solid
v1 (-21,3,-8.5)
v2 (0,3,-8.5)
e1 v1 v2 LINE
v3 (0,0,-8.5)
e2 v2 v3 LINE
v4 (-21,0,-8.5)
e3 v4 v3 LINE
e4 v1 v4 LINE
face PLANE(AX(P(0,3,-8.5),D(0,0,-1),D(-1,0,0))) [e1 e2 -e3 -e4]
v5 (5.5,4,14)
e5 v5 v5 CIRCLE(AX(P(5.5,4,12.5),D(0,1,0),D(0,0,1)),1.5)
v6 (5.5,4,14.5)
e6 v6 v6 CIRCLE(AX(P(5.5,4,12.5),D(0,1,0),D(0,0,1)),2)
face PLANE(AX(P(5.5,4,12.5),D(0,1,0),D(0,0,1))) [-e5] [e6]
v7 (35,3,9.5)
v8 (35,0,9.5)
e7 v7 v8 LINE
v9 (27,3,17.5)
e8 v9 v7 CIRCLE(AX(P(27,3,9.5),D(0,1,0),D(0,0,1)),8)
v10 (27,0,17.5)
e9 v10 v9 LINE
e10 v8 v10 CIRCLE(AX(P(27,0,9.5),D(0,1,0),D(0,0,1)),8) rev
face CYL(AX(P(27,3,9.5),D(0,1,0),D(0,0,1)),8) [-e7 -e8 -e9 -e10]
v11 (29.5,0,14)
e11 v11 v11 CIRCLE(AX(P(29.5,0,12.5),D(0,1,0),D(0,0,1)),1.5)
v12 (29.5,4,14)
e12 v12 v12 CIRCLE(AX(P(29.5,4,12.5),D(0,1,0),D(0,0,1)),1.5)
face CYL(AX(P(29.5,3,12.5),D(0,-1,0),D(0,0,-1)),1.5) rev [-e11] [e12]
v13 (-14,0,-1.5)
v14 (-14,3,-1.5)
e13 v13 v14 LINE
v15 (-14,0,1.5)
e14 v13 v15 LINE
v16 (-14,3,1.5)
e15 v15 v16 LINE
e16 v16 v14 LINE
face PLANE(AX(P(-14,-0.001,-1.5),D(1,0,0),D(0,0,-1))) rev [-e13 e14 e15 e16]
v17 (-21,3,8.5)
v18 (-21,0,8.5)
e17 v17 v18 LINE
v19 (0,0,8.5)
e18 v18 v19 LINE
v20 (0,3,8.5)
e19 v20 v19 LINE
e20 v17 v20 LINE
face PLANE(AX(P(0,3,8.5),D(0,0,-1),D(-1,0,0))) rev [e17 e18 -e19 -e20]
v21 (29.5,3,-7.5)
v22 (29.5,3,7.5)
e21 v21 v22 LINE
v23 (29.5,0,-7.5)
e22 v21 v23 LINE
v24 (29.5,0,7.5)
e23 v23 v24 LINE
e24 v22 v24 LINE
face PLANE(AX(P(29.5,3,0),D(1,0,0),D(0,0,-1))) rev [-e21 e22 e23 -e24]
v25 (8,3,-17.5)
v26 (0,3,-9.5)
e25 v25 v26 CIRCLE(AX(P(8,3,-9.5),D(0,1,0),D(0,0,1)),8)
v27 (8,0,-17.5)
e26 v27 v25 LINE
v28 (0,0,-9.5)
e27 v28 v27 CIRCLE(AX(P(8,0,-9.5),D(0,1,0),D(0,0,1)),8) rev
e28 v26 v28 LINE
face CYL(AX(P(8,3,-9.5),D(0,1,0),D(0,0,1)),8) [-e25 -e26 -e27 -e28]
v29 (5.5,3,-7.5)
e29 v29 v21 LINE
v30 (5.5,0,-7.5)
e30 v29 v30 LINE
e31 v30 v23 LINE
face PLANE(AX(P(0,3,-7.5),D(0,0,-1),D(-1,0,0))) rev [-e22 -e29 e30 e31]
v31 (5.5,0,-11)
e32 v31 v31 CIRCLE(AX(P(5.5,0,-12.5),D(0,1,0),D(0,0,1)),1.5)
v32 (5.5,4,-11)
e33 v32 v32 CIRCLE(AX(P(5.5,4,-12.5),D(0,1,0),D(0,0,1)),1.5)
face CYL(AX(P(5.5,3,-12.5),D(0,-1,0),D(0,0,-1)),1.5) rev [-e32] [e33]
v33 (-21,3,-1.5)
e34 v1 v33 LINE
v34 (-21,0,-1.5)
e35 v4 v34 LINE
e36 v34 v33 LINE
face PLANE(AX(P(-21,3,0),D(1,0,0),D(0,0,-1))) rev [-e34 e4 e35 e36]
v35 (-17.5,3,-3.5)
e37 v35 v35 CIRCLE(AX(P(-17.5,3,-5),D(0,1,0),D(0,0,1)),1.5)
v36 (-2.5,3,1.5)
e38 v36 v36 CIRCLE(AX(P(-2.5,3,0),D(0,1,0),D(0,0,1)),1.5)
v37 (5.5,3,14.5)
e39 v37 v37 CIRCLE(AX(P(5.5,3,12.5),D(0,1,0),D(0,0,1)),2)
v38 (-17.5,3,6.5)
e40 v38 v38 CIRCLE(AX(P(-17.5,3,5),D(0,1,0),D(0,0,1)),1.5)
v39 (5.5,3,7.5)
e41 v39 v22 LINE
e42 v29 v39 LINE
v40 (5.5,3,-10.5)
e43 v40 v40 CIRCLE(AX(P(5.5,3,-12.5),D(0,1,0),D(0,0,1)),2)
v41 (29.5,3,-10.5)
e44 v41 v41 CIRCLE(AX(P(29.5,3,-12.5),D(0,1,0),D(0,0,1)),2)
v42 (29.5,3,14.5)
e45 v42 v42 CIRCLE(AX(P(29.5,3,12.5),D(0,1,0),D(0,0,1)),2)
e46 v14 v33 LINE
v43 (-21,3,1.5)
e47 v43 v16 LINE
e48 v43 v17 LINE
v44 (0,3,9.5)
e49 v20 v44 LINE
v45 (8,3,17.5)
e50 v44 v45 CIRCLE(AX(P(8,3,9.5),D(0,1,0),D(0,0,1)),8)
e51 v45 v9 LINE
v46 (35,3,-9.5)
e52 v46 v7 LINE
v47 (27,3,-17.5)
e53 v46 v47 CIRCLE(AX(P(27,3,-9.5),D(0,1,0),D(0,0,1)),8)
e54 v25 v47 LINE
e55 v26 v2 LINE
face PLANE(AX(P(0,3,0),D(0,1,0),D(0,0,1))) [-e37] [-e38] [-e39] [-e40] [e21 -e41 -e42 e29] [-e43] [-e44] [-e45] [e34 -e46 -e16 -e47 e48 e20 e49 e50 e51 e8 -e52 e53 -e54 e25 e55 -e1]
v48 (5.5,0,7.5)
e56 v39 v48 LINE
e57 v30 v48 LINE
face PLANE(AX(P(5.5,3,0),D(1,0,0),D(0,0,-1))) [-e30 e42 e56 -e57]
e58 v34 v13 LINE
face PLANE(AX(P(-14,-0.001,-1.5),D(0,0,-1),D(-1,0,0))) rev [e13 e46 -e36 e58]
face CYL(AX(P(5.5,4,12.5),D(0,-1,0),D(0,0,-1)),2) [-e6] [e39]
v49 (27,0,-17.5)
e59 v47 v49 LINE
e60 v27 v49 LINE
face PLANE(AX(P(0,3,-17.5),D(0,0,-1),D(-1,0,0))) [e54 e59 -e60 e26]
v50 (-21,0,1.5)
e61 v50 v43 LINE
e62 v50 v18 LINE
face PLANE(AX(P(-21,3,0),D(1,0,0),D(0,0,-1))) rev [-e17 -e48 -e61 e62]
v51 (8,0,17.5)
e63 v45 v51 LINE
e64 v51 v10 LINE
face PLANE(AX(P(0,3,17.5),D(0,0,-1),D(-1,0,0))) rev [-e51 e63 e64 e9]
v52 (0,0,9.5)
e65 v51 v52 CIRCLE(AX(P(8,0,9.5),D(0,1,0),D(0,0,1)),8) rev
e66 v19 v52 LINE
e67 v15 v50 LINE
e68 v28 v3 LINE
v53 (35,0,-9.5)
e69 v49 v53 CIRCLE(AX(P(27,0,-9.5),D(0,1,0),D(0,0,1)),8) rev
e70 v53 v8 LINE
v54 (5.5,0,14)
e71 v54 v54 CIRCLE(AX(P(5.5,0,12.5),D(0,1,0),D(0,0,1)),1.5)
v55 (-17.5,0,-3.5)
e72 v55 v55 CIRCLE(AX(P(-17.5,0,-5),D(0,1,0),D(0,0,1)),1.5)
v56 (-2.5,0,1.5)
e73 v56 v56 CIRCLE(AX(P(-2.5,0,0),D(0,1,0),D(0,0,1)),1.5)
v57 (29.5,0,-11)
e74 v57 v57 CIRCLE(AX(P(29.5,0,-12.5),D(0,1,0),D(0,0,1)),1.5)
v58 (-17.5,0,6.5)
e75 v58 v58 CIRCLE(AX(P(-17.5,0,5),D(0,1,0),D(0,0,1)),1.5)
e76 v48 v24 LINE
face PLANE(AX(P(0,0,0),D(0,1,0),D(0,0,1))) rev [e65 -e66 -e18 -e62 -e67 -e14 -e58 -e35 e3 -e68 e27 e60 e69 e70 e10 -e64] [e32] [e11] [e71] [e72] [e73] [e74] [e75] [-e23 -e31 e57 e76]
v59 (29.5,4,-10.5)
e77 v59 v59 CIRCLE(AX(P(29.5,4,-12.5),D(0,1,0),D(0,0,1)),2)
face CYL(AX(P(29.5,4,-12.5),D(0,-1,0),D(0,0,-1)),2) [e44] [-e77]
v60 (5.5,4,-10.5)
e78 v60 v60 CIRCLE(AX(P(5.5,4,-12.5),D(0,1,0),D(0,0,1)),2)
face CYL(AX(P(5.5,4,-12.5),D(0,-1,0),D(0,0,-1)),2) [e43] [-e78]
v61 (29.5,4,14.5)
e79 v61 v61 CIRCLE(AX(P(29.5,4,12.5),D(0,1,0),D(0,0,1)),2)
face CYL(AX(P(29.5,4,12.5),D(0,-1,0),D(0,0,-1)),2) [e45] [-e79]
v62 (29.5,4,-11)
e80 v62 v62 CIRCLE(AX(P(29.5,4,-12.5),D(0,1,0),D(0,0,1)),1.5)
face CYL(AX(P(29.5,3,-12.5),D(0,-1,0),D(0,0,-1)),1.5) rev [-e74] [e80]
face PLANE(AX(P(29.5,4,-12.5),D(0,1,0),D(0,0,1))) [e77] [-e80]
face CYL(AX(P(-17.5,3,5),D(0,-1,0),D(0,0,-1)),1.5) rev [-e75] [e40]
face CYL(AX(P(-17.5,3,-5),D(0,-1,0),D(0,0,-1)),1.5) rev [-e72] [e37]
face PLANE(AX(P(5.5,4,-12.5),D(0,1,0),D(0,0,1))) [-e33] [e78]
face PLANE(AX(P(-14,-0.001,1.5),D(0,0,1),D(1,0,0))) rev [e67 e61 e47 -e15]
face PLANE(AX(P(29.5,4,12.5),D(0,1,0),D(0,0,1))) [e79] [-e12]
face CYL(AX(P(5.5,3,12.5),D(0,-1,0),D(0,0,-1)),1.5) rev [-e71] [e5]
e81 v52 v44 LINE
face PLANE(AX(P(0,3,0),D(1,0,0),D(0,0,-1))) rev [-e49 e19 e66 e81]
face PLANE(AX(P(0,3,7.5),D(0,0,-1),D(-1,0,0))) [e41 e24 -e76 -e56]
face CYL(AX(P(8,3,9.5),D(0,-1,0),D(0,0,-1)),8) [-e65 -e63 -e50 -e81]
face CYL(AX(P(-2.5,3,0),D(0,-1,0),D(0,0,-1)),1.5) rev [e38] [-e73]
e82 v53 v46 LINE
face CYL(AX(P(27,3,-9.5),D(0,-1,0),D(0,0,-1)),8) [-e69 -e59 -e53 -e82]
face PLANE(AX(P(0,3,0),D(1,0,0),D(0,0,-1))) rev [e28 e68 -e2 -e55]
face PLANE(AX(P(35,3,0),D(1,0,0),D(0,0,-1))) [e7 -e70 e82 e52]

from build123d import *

# Parameters (mm, degrees)
SKETCH_1_R          = 1.5
SKETCH_1_W          = 24
SKETCH_1_H          = 15
EXTRUDE_1_DEPTH     = 3
SKETCH_2_R          = 2
SKETCH_2_R_2        = 1.5
EXTRUDE_2_DEPTH     = 1
CUT_EXTRUDE_1_REACH = 41.246
SKETCH_3_W          = 7
SKETCH_3_H          = 3
FILLET_1_R          = 8


with BuildPart() as part:
    # 草图1 → 凸台-拉伸1 (new body)
    with BuildSketch(Plane(origin=(0, 0, 0), x_dir=(1, 0, 0), z_dir=(0, 1, 0))):
        Polygon((-14, -8.5), (0, -8.5), (0, -17.5), (35, -17.5), (35, 17.5), (0, 17.5), (0, 8.5), (-14, 8.5), (-21, 8.5), (-21, -8.5), align=None)
        with Locations(Location((-2.5, 0, 0), (0, 0, 270))):
            Circle(SKETCH_1_R, mode=Mode.SUBTRACT)
        with Locations(Location((29.5, -12.5, 0), (0, 0, 270))):
            Circle(SKETCH_1_R, mode=Mode.SUBTRACT)
        with Locations(Location((5.5, -12.5, 0), (0, 0, 270))):
            Circle(SKETCH_1_R, mode=Mode.SUBTRACT)
        with Locations(Location((29.5, 12.5, 0), (0, 0, 270))):
            Circle(SKETCH_1_R, mode=Mode.SUBTRACT)
        with Locations(Location((5.5, 12.5, 0), (0, 0, 270))):
            Circle(SKETCH_1_R, mode=Mode.SUBTRACT)
        with Locations(Location((-17.5, -5, 0), (0, 0, 270))):
            Circle(SKETCH_1_R, mode=Mode.SUBTRACT)
        with Locations(Location((-17.5, 5, 0), (0, 0, 270))):
            Circle(SKETCH_1_R, mode=Mode.SUBTRACT)
        with Locations((17.5, 0)):
            Rectangle(SKETCH_1_W, SKETCH_1_H, mode=Mode.SUBTRACT)
    extrude(amount=EXTRUDE_1_DEPTH)

    # 草图2 → 凸台-拉伸2 (add)
    # profile 1 of 4: a face of its own
    with BuildSketch(Plane(origin=(0, 3, 0), x_dir=(1, 0, 0), z_dir=(0, 1, 0))):
        with Locations(Location((5.5, 12.5, 0), (0, 0, 270))):
            Circle(SKETCH_2_R)
        with Locations(Location((5.5, 12.5, 0), (0, 0, 270))):
            Circle(SKETCH_2_R_2, mode=Mode.SUBTRACT)
    # profile 2 of 4: a face of its own
    with BuildSketch(Plane(origin=(0, 3, 0), x_dir=(1, 0, 0), z_dir=(0, 1, 0))):
        with Locations(Location((29.5, 12.5, 0), (0, 0, 270))):
            Circle(SKETCH_2_R)
        with Locations(Location((29.5, 12.5, 0), (0, 0, 270))):
            Circle(SKETCH_2_R_2, mode=Mode.SUBTRACT)
    # profile 3 of 4: a face of its own
    with BuildSketch(Plane(origin=(0, 3, 0), x_dir=(1, 0, 0), z_dir=(0, 1, 0))):
        with Locations(Location((29.5, -12.5, 0), (0, 0, 270))):
            Circle(SKETCH_2_R)
        with Locations(Location((29.5, -12.5, 0), (0, 0, 270))):
            Circle(SKETCH_2_R_2, mode=Mode.SUBTRACT)
    # profile 4 of 4: a face of its own
    with BuildSketch(Plane(origin=(0, 3, 0), x_dir=(1, 0, 0), z_dir=(0, 1, 0))):
        with Locations(Location((5.5, -12.5, 0), (0, 0, 270))):
            Circle(SKETCH_2_R)
        with Locations(Location((5.5, -12.5, 0), (0, 0, 270))):
            Circle(SKETCH_2_R_2, mode=Mode.SUBTRACT)
    extrude(amount=EXTRUDE_2_DEPTH)

    # 草图3 → 切除-拉伸1 (cut, up to next)
    with BuildSketch(Plane(origin=(0, 3, 0), x_dir=(1, 0, 0), z_dir=(0, 1, 0)), mode=Mode.PRIVATE) as cut_extrude_1_sk1:
        with Locations((-17.5, 0)):
            Rectangle(SKETCH_3_W, SKETCH_3_H)
    cut_extrude_1_tool1 = extrude(cut_extrude_1_sk1.sketch, amount=-CUT_EXTRUDE_1_REACH, mode=Mode.PRIVATE) & part.part
    add(cut_extrude_1_tool1.solids().sort_by_distance((-17.5, 3, 0))[0], mode=Mode.SUBTRACT)

    # 圆角1
    fillet_1_edges = [part.edges().sort_by_distance(p)[0] for p in [
        (0, 1.5, -17.5),
        (35, 1.5, -17.5),
        (35, 1.5, 17.5),
        (0, 1.5, 17.5),
    ]]
    fillet(fillet_1_edges, radius=FILLET_1_R)


solid = part.part
